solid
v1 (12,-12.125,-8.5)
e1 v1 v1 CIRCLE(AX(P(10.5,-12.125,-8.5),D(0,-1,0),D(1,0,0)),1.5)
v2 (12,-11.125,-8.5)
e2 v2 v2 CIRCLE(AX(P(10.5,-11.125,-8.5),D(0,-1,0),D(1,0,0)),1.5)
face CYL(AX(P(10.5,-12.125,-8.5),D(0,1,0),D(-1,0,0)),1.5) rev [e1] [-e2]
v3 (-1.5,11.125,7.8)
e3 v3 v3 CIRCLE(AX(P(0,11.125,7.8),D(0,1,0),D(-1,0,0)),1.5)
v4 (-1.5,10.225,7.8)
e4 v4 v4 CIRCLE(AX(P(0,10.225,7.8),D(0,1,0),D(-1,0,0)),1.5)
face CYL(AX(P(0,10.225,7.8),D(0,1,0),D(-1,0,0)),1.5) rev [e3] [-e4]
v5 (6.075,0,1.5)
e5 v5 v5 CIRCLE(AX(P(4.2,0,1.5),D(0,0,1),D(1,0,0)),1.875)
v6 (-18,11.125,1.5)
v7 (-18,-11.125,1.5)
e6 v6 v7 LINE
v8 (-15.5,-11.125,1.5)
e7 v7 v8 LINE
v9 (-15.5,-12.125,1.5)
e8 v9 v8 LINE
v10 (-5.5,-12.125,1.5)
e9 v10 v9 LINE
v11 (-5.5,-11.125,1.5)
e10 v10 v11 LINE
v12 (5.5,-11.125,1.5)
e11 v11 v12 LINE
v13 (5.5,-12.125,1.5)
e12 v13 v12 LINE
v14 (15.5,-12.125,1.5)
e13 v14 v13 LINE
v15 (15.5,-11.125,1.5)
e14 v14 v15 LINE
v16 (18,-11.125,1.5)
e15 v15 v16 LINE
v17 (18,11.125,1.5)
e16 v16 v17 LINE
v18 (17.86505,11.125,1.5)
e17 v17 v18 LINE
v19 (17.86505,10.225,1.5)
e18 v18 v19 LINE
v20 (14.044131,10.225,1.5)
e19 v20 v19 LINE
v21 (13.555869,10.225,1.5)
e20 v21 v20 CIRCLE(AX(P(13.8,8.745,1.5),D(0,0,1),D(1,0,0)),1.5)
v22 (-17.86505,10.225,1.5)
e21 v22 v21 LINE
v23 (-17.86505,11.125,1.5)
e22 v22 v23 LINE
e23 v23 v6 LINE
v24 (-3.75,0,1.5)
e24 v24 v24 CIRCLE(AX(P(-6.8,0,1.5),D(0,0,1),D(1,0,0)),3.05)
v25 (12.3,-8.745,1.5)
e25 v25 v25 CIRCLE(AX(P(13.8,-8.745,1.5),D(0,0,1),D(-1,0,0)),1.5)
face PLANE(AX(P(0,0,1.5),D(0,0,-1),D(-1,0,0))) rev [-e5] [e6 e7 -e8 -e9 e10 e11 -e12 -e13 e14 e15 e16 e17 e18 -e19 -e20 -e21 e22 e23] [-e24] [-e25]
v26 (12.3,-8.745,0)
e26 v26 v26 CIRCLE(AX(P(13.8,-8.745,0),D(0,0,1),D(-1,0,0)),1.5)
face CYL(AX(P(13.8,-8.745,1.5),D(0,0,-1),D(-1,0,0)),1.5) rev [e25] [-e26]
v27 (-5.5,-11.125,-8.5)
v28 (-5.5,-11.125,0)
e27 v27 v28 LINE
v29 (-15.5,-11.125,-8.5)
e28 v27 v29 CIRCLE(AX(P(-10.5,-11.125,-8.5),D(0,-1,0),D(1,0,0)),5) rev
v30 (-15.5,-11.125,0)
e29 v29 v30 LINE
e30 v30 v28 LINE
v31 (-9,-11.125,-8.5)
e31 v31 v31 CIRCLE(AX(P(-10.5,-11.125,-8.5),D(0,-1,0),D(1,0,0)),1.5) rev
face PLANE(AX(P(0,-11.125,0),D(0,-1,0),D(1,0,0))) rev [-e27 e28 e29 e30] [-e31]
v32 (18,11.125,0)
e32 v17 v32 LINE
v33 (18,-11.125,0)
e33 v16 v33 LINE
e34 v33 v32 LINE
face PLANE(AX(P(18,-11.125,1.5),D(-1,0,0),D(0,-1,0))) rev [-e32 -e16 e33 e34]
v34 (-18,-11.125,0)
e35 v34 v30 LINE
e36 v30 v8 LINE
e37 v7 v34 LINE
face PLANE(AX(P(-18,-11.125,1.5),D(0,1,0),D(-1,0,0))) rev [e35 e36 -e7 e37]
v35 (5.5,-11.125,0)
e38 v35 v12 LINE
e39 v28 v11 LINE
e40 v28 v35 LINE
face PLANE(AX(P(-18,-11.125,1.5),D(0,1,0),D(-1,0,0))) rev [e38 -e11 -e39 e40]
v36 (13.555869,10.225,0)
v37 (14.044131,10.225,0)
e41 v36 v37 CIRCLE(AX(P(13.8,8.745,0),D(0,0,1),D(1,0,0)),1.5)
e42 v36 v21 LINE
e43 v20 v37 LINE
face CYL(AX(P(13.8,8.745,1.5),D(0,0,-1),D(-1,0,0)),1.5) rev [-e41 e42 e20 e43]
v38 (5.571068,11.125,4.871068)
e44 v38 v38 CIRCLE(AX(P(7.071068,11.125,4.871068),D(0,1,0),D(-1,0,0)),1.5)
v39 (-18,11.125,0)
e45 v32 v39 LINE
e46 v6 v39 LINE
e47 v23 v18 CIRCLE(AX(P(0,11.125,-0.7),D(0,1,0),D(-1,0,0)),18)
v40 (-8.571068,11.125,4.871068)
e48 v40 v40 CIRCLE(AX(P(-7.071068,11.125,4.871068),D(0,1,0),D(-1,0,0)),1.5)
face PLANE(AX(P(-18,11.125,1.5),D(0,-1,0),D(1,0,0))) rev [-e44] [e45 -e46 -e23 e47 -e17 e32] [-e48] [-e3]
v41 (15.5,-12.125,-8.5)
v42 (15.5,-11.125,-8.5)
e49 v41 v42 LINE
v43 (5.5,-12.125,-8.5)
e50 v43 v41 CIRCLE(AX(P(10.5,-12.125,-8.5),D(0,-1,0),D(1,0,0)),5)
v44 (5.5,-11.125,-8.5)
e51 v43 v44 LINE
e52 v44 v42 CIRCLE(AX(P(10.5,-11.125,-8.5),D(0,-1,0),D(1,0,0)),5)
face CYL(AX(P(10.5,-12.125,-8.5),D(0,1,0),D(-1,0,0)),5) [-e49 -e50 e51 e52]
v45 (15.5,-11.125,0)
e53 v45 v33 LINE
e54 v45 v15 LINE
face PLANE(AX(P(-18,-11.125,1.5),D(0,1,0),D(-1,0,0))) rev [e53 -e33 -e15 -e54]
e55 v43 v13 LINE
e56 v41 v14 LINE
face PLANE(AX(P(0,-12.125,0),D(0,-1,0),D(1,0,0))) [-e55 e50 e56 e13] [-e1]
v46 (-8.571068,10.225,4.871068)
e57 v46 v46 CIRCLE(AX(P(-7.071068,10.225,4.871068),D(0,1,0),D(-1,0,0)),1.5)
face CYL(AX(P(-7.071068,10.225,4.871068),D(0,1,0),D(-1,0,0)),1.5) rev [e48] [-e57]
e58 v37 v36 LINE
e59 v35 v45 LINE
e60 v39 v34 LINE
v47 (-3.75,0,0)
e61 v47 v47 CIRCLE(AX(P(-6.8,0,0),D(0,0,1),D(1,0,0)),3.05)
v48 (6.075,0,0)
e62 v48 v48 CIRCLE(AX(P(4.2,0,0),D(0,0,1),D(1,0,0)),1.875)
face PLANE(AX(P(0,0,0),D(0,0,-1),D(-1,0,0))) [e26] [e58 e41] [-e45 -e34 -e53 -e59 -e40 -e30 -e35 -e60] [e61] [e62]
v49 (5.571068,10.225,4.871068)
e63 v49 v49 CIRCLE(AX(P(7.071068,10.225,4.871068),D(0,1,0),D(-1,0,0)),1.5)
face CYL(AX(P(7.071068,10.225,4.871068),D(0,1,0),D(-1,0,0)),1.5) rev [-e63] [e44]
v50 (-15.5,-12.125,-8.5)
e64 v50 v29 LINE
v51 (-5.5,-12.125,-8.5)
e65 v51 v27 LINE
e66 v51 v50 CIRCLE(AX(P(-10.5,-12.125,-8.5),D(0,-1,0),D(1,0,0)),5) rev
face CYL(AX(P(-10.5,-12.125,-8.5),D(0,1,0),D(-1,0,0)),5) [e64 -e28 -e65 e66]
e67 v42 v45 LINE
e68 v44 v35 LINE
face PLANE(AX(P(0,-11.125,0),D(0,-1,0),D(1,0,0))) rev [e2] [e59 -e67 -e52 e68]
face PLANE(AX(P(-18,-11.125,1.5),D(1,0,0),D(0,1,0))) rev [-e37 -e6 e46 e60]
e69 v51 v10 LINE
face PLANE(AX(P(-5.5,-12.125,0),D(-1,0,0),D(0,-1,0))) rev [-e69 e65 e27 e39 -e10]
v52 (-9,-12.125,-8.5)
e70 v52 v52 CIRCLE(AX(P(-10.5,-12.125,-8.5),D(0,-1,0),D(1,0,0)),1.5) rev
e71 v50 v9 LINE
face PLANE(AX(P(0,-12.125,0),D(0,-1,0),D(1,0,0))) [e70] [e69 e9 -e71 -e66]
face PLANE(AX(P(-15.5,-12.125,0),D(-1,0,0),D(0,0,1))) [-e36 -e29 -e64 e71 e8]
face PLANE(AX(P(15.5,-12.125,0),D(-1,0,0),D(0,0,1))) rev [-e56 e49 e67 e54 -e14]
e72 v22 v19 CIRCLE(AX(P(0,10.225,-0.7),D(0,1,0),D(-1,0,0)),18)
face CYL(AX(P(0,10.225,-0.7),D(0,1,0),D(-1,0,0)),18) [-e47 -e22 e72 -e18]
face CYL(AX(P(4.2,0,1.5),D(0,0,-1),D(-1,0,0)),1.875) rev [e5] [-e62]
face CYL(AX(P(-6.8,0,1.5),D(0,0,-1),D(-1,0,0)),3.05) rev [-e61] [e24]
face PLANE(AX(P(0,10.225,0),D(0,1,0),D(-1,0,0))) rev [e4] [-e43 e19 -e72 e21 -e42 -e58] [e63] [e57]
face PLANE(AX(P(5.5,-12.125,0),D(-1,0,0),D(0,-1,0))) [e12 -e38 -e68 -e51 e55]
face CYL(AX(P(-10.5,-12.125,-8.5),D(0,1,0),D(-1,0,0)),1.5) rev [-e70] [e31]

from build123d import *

# Parameters (mm, degrees)
CROQUIS1_W              = 36
CROQUIS1_H              = 22.25
CROQUIS1_R              = 1.5
CROQUIS1_R_2            = 3.05
CROQUIS1_R_3            = 1.875
SALIENTE_EXTRUIR1_DEPTH = 1.5
CROQUIS2_R              = 1.5
CROQUIS2_W              = 10
CROQUIS2_H              = 1.5
SALIENTE_EXTRUIR2_DEPTH = 1
CROQUIS3_R              = 1.500000001
CROQUIS3_R_2            = 1.5
SALIENTE_EXTRUIR6_DEPTH = 0.9


with BuildPart() as part:
    # Croquis1 → Saliente-Extruir1 (new body)
    with BuildSketch(Plane.XY):
        Rectangle(CROQUIS1_W, CROQUIS1_H)
        with Locations((13.8, 8.745)):
            Circle(CROQUIS1_R, mode=Mode.SUBTRACT)
        with Locations((-6.8, 0)):
            Circle(CROQUIS1_R_2, mode=Mode.SUBTRACT)
        with Locations(Location((13.8, -8.745, 0), (0, 0, 180))):
            Circle(CROQUIS1_R, mode=Mode.SUBTRACT)
        with Locations((4.2, 0)):
            Circle(CROQUIS1_R_3, mode=Mode.SUBTRACT)
    extrude(amount=SALIENTE_EXTRUIR1_DEPTH)

    # Croquis2 → Saliente-Extruir2 (add)
    # profile 1 of 4: a face of its own
    with BuildSketch(Plane.XZ.offset(11.125)):
        with BuildLine():
            Line((-5.5, -8.5), (-5.5, 0))
            Line((-5.5, 0), (-15.5, 0))
            Line((-15.5, 0), (-15.5, -8.5))
            ThreePointArc((-15.5, -8.5), (-10.5, -13.5), (-5.5, -8.5))
        make_face()
        with Locations((-10.5, -8.5)):
            Circle(CROQUIS2_R, mode=Mode.SUBTRACT)
    # profile 2 of 4: a face of its own
    with BuildSketch(Plane.XZ.offset(11.125)):
        with Locations((-10.5, 0.75)):
            Rectangle(CROQUIS2_W, CROQUIS2_H)
    # profile 3 of 4: a face of its own
    with BuildSketch(Plane.XZ.offset(11.125)):
        with BuildLine():
            Line((15.5, 0), (5.5, 0))
            Line((5.5, 0), (5.5, -8.5))
            ThreePointArc((5.5, -8.5), (10.5, -13.5), (15.5, -8.5))
            Line((15.5, -8.5), (15.5, 0))
        make_face()
        with Locations((10.5, -8.5)):
            Circle(CROQUIS2_R, mode=Mode.SUBTRACT)
    # profile 4 of 4: a face of its own
    with BuildSketch(Plane.XZ.offset(11.125)):
        with Locations((10.5, 0.75)):
            Rectangle(CROQUIS2_W, CROQUIS2_H)
    extrude(amount=SALIENTE_EXTRUIR2_DEPTH)

    # Croquis3 → Saliente-Extruir6 (add)
    # profile 1 of 2: a face of its own
    with BuildSketch(Plane(origin=(0, 11.125, 0), x_dir=(1, 0, 0), z_dir=(0, 1, 0))):
        with BuildLine():
            ThreePointArc((-17.865049678, -1.5), (0, -17.3), (17.865049678, -1.5))
            Line((17.865049678, -1.5), (-17.865049678, -1.5))
        make_face()
        with Locations(Location((-7.071067812, -4.871067812, 0), (0, 0, 180))):
            Circle(CROQUIS3_R, mode=Mode.SUBTRACT)
        with Locations(Location((0, -7.8, 0), (0, 0, 180))):
            Circle(CROQUIS3_R_2, mode=Mode.SUBTRACT)
        with Locations(Location((7.071067812, -4.871067812, 0), (0, 0, 180))):
            Circle(CROQUIS3_R_2, mode=Mode.SUBTRACT)
    # profile 2 of 2: a face of its own
    with BuildSketch(Plane(origin=(0, 11.125, 0), x_dir=(1, 0, 0), z_dir=(0, 1, 0))):
        with BuildLine():
            ThreePointArc((17.865049678, -1.5), (17.941399597, -0.751268579), (17.986383739, 0))
            Line((17.986383739, 0), (-17.986383739, 0))
            ThreePointArc((-17.986383739, 0), (-17.941399597, -0.751268579), (-17.865049678, -1.5))
            Line((-17.865049678, -1.5), (17.865049678, -1.5))
        make_face()
    extrude(amount=-SALIENTE_EXTRUIR6_DEPTH)


solid = part.part
